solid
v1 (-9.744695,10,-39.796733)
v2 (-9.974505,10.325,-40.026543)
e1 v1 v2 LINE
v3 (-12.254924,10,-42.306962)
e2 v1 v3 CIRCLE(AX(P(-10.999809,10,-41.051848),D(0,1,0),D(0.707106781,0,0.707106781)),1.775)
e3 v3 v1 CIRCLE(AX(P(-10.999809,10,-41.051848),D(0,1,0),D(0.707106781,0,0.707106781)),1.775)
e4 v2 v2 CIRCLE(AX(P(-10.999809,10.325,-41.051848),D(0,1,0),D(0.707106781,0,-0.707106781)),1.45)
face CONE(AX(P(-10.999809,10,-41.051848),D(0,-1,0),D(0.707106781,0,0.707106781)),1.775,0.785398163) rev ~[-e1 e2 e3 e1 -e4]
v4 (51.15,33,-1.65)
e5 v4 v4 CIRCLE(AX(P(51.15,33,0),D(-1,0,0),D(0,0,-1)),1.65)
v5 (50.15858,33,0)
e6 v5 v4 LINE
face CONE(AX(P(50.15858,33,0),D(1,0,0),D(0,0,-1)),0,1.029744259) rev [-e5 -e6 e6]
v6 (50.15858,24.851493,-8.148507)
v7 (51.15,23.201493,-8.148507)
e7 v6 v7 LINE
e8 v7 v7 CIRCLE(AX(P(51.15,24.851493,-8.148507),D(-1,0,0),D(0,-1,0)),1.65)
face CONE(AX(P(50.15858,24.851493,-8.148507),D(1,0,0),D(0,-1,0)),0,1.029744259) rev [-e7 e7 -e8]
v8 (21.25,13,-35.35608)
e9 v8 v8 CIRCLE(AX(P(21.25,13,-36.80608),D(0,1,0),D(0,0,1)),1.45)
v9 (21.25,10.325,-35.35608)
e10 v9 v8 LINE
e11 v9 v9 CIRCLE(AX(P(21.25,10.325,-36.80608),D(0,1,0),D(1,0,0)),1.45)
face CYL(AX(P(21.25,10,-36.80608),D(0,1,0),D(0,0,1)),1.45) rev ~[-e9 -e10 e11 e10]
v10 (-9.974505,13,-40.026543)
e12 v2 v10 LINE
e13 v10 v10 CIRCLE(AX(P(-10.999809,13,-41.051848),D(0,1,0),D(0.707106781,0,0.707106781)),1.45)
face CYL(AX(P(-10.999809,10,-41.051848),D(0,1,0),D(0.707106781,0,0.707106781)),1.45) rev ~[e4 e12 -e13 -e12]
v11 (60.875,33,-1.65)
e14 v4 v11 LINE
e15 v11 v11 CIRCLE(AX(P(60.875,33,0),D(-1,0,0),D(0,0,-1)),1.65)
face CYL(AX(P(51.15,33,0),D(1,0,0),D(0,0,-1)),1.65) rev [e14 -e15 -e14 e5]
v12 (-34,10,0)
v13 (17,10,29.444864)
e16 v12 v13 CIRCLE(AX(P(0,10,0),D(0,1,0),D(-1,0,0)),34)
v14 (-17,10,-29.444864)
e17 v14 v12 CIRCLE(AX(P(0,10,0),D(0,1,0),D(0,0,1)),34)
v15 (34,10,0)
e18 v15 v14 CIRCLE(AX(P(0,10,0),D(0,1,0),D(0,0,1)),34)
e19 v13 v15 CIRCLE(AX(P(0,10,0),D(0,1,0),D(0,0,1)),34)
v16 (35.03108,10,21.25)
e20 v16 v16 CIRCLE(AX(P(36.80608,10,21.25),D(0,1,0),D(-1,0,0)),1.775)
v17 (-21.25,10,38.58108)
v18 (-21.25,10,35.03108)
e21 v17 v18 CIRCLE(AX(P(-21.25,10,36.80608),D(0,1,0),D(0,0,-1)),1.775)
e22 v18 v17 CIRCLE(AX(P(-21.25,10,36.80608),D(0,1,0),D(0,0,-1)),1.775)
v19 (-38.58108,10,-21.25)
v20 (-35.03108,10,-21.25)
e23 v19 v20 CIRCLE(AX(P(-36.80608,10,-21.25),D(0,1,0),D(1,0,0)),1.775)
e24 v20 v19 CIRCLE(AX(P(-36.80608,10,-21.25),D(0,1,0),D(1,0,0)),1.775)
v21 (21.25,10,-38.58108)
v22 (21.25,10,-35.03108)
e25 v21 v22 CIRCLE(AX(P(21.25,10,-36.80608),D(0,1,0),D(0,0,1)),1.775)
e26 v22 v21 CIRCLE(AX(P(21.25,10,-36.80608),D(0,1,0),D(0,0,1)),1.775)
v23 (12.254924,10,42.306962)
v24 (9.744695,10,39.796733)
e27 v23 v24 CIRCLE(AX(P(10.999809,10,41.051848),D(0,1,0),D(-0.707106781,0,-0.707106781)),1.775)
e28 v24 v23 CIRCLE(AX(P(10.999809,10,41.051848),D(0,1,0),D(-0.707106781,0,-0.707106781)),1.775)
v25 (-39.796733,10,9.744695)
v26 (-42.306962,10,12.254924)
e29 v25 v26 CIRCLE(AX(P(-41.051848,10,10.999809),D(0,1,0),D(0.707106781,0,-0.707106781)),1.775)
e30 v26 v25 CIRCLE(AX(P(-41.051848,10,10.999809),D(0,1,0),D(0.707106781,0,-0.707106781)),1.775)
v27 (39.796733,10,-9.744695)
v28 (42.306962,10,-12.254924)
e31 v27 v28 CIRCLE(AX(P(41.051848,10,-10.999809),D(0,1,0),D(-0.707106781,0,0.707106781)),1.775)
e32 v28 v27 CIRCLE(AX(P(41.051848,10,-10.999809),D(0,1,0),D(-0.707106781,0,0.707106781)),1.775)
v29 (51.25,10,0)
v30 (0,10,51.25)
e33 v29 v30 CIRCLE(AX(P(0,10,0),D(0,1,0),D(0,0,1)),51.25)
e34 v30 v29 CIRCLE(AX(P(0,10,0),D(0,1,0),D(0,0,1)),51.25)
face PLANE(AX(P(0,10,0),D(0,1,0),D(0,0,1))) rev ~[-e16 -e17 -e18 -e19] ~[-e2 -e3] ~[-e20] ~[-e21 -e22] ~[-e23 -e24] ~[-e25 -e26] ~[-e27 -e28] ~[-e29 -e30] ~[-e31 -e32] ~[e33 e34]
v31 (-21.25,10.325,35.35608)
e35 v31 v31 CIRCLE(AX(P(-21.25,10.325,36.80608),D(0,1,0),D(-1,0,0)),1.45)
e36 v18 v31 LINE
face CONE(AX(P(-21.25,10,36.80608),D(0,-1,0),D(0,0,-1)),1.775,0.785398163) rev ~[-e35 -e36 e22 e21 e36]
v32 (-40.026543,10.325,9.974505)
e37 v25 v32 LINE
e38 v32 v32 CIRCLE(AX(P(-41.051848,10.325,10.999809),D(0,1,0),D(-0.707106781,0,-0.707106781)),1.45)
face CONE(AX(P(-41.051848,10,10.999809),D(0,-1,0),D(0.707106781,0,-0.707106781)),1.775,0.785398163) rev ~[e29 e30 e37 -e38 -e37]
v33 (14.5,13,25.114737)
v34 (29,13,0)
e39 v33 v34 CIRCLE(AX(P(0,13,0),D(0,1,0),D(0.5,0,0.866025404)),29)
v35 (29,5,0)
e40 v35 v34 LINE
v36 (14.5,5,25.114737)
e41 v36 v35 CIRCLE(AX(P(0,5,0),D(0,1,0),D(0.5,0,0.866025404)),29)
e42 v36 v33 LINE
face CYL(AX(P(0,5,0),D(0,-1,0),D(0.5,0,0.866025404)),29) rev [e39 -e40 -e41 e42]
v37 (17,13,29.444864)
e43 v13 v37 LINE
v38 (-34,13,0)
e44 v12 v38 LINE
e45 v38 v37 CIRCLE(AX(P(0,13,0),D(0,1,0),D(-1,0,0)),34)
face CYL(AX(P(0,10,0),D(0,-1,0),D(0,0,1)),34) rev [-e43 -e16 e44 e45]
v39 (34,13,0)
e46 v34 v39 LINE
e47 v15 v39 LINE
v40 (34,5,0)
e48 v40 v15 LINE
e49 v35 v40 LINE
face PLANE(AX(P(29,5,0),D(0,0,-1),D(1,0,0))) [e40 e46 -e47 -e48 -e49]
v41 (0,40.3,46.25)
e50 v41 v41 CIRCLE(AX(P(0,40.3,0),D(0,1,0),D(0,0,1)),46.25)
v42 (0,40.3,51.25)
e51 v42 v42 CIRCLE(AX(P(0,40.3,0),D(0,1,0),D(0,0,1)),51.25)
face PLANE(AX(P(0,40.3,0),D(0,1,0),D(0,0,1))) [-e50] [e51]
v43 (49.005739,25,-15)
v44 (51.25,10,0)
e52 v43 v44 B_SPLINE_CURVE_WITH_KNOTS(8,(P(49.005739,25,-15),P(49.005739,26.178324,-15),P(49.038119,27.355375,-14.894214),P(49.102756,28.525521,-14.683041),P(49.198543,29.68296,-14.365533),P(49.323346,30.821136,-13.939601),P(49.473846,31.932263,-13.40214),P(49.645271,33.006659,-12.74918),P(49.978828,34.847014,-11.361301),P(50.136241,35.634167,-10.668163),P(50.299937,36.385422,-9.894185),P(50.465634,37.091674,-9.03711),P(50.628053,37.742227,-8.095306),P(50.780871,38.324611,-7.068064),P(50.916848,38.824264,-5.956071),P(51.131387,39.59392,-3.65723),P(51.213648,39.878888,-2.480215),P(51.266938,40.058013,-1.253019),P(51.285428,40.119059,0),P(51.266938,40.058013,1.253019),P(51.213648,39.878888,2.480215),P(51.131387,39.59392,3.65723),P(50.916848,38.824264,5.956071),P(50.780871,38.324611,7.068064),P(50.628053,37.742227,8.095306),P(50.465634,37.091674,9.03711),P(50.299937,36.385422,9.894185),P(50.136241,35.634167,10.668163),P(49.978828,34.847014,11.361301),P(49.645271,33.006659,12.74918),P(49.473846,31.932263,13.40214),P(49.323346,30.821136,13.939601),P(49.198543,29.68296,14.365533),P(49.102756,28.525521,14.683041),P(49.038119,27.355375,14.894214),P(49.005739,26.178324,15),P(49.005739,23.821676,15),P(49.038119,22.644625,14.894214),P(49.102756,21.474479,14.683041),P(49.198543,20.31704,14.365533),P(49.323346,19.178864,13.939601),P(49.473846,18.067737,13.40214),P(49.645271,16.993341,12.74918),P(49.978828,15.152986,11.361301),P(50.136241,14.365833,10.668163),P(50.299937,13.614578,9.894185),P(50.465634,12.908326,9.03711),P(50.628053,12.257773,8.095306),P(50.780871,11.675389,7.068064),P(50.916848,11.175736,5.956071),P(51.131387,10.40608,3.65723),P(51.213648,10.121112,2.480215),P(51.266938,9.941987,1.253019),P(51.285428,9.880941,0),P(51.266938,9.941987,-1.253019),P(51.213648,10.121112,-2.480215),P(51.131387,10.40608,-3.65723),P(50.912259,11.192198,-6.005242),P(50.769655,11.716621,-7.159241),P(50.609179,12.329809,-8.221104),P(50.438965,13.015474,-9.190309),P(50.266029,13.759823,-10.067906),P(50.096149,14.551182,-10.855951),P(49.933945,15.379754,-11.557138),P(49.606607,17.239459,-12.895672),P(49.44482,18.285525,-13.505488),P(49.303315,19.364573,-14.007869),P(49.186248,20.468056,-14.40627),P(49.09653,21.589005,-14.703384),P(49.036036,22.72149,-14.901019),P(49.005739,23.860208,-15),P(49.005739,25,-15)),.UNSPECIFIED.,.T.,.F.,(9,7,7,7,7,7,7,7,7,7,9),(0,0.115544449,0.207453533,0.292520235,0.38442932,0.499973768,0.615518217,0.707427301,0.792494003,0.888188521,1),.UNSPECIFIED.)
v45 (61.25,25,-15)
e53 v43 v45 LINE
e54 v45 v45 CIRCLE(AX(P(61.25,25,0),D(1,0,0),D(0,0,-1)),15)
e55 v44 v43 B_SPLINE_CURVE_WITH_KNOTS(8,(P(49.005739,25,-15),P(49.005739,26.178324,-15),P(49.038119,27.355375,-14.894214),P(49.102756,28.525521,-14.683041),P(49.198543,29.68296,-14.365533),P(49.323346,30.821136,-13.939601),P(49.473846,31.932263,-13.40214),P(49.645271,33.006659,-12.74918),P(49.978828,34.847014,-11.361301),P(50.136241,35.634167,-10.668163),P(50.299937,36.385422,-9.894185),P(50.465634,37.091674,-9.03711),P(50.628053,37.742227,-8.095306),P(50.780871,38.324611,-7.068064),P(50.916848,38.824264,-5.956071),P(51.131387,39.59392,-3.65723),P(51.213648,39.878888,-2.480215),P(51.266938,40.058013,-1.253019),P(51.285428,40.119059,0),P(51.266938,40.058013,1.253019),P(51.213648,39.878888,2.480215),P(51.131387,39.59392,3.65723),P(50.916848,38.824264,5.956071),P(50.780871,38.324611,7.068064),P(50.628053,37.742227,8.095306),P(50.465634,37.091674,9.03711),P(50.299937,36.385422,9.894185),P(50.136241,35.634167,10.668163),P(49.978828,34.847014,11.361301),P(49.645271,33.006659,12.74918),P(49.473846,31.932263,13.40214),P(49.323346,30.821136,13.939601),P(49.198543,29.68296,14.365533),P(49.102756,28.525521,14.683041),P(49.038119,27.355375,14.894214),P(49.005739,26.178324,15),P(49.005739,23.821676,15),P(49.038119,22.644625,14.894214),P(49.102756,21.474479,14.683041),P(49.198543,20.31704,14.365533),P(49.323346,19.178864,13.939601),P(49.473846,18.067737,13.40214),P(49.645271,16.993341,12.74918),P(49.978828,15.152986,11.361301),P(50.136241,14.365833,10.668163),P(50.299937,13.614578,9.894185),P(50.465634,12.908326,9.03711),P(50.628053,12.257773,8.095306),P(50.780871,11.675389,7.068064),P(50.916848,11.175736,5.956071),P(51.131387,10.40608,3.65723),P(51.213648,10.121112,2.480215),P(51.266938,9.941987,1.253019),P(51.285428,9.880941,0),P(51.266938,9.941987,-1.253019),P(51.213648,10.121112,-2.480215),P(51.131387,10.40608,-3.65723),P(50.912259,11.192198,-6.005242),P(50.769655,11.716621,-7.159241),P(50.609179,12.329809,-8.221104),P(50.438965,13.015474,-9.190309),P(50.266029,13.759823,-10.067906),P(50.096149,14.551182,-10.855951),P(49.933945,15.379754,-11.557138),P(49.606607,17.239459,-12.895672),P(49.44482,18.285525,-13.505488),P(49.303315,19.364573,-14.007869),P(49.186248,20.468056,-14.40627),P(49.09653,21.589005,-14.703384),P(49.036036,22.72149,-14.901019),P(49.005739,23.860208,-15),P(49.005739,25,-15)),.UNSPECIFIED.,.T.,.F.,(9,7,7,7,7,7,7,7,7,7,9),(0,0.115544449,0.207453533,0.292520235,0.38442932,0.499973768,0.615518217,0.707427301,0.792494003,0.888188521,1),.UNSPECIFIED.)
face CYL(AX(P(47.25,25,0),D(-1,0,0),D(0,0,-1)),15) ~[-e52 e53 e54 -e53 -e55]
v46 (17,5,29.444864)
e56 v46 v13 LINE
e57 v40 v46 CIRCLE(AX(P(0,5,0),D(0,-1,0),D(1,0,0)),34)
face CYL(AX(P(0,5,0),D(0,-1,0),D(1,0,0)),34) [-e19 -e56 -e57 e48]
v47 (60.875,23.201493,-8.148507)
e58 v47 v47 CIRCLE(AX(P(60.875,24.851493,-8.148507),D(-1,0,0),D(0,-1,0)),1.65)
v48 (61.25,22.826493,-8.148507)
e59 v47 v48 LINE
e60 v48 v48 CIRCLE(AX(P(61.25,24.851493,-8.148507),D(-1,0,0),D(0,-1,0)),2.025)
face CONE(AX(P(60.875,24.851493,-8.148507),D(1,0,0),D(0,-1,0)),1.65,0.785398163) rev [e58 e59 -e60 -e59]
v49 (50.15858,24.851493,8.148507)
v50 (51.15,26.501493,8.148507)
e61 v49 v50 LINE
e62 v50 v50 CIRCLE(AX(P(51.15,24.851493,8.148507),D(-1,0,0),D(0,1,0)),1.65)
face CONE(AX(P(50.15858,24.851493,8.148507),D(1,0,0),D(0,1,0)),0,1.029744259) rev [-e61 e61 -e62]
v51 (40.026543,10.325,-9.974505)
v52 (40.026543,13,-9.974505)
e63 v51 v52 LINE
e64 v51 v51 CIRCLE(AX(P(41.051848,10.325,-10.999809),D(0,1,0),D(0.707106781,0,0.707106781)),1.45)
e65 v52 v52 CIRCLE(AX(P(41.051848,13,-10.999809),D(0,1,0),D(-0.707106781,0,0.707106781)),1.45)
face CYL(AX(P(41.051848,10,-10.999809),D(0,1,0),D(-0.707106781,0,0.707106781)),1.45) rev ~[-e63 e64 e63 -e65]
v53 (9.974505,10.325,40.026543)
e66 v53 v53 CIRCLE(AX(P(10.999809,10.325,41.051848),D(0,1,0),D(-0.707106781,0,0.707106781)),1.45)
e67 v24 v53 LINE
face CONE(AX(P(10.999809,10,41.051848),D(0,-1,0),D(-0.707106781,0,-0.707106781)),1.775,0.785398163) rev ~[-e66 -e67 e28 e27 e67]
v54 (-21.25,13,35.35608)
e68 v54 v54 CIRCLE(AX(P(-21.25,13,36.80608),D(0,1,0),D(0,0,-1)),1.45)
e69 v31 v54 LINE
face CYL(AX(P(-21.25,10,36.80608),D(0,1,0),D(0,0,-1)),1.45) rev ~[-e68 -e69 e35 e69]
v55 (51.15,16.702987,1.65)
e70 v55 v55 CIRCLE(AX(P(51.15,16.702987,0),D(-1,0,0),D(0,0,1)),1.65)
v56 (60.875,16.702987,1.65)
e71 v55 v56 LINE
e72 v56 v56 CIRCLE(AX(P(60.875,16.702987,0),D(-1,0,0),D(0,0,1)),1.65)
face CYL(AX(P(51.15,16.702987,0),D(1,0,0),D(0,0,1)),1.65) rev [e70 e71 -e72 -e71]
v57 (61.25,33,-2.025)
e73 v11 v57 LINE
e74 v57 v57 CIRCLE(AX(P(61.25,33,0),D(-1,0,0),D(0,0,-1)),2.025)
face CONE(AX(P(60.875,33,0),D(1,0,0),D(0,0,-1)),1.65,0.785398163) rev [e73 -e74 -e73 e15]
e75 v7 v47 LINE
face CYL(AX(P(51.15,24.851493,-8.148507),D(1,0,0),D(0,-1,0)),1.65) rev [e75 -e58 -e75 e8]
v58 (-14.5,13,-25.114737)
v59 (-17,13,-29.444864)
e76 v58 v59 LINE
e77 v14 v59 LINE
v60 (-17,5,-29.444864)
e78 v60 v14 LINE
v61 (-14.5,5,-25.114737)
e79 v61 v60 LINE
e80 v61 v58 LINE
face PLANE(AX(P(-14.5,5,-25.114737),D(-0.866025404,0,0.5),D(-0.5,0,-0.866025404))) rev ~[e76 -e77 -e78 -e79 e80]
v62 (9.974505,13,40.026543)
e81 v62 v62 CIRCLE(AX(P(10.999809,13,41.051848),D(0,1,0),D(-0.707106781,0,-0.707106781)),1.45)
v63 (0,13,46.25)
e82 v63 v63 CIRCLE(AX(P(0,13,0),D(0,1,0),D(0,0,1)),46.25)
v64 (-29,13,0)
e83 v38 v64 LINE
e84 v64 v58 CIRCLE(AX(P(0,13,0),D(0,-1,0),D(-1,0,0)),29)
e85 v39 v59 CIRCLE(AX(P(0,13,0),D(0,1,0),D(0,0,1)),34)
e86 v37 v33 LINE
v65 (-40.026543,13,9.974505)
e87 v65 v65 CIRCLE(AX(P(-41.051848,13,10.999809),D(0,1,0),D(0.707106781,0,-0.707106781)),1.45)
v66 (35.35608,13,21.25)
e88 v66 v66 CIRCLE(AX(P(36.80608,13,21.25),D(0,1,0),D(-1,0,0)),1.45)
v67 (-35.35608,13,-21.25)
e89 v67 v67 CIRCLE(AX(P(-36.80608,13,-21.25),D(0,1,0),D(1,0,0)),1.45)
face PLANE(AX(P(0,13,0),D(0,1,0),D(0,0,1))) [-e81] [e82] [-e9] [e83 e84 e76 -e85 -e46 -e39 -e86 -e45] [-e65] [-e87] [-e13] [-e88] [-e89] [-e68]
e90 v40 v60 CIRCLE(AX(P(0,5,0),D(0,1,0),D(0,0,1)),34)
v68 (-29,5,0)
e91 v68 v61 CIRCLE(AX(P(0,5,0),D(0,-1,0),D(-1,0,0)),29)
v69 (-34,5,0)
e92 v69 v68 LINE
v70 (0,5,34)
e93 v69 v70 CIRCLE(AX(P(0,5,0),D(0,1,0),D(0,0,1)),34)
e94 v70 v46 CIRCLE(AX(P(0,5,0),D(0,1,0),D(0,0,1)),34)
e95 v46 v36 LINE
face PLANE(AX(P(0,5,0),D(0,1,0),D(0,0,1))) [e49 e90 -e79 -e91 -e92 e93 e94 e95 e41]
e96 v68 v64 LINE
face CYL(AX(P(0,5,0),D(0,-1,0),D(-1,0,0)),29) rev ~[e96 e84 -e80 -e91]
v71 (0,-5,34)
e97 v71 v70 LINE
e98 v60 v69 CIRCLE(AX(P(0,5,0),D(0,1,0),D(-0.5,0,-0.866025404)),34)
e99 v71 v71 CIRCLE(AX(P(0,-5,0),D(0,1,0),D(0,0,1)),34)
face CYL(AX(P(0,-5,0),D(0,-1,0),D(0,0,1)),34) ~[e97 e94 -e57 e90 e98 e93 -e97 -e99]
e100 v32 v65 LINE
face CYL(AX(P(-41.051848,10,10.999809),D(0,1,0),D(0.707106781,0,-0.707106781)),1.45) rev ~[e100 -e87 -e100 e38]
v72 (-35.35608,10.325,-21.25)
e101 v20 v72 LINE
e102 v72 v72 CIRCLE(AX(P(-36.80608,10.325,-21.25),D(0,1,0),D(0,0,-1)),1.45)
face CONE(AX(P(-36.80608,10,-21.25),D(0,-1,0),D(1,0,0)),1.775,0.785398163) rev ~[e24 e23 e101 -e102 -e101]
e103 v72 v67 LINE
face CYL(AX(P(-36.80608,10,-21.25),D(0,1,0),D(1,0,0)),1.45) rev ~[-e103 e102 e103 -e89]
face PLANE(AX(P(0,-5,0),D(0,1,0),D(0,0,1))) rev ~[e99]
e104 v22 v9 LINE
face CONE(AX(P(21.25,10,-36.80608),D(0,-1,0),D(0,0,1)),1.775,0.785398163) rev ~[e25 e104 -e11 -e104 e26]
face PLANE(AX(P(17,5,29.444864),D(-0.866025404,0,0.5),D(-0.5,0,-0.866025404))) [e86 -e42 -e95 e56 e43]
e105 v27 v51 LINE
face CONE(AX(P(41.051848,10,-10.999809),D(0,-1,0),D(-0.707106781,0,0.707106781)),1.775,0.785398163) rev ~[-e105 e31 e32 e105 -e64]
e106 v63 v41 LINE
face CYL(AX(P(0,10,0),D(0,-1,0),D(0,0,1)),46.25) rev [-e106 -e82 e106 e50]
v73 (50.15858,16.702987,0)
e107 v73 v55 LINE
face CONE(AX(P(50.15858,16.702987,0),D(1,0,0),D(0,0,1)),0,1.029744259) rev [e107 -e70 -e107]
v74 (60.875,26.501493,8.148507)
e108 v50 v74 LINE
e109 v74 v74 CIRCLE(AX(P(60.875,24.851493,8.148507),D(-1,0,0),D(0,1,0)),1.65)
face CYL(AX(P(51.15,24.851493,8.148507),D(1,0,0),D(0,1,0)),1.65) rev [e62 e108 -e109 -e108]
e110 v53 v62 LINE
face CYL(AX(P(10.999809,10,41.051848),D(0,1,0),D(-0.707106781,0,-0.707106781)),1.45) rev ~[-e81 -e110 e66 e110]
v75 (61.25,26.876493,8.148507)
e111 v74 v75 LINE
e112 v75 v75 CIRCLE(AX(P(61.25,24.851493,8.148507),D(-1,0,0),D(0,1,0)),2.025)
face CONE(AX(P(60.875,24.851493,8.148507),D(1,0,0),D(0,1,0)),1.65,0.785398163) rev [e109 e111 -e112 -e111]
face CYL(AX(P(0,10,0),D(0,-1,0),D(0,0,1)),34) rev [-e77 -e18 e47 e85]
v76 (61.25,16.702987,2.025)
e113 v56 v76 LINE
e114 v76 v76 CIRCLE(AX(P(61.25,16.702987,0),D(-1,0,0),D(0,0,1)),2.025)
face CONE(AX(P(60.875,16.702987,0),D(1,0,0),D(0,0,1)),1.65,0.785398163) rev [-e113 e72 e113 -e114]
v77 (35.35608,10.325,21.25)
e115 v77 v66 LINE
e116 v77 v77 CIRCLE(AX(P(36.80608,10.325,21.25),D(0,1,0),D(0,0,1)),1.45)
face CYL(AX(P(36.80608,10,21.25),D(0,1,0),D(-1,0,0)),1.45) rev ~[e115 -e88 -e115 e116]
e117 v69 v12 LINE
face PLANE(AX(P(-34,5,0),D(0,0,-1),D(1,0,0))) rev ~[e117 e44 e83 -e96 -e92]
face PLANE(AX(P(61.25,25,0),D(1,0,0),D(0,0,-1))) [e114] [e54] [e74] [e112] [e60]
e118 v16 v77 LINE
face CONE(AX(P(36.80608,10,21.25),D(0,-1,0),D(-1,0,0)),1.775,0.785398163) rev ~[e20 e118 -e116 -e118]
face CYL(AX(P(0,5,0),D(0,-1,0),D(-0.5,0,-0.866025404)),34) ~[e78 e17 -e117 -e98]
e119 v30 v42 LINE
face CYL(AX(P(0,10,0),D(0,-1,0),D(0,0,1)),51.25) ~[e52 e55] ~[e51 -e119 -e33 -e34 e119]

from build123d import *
from build123d.topology import SkipClean

# Parameters (mm, degrees)
EXTRUDE_2_DEPTH                = 5
EXTRUDE_2_DEPTH_BACK           = 5
SKETCH_1_R                     = 34
EXTRUDE_3_DEPTH                = 8
EXTRUDE_START                  = -3
SKETCH_3_R                     = 46.25
SKETCH_3_R_2                   = 34
EXTRUDE_4_DEPTH                = 3
EXTRUDE_5_DEPTH                = 27.3
EXTRUDE_5_DEPTH_BACK           = 3
SKETCH_4_R                     = 51.25
SKETCH_4_R_2                   = 46.25
HOLE_WIZARD_M3_5_1_D           = 2.9
HOLE_WIZARD_M3_5_1_CSINK_D     = 3.55
HOLE_WIZARD_M3_5_1_CSINK_ANGLE = 90
PATTERN_CIRCULAR_2_COUNT       = 8
EXTRUDE_6_DEPTH                = 10
EXTRUDE_6_DEPTH_BACK           = 4
SKETCH_11_R                    = 15
PATTERN_CIRCULAR_3_COUNT       = 4


with BuildPart() as part:
    # 草图1 → 凸台-拉伸2 (new, two sides: drawn at the far end of the back side and taken through both)
    with BuildSketch(Plane(origin=(0, 0, 0), x_dir=(1, 0, 0), z_dir=(0, 1, 0)).offset(-EXTRUDE_2_DEPTH_BACK)):
        with Locations(Location((0, 0, 0), (0, 0, 270))):
            Circle(SKETCH_1_R)
    extrude(amount=EXTRUDE_2_DEPTH + EXTRUDE_2_DEPTH_BACK)

    # 草图2 → 凸台-拉伸3 (add)
    with SkipClean():  # the faces are left unmerged after this step: merging them gives an invalid solid
        with BuildSketch(Plane(origin=(0, 5, 0), x_dir=(1, 0, 0), z_dir=(0, 1, 0))):
            with BuildLine():
                Line((-34, 0), (-29, 0))
                ThreePointArc((-29, 0), (-25.11473671, 14.5), (-14.5, 25.11473671))
                Line((-14.5, 25.11473671), (-17, 29.444863729))
                ThreePointArc((-17, 29.444863729), (-29.444863729, 17), (-34, 0))
            make_face()
            with BuildLine():
                Line((29, 0), (34, 0))
                ThreePointArc((34, 0), (29.444863729, -17), (17, -29.444863729))
                Line((17, -29.444863729), (14.5, -25.11473671))
                ThreePointArc((14.5, -25.11473671), (25.11473671, -14.5), (29, 0))
            make_face()
        extrude(amount=EXTRUDE_3_DEPTH)

    # 草图3 → 凸台-拉伸4 (add)
    with SkipClean():  # the faces are left unmerged after this step: merging them gives an invalid solid
        with BuildSketch(Plane(origin=(0, 13, 0), x_dir=(1, 0, 0), z_dir=(0, 1, 0)).offset(EXTRUDE_START)):
            with Locations(Location((0, 0, 0), (0, 0, 270))):
                Circle(SKETCH_3_R)
            with Locations(Location((0, 0, 0), (0, 0, 270))):
                Circle(SKETCH_3_R_2, mode=Mode.SUBTRACT)
        extrude(amount=EXTRUDE_4_DEPTH)

    # 草图4 → 凸台-拉伸5 (add, two sides: drawn at the far end of the back side and taken through both)
    with SkipClean():  # the faces are left unmerged after this step: merging them gives an invalid solid
        with BuildSketch(Plane(origin=(0, 13, 0), x_dir=(1, 0, 0), z_dir=(0, 1, 0)).offset(-EXTRUDE_5_DEPTH_BACK)):
            with Locations(Location((0, 0, 0), (0, 0, 270))):
                Circle(SKETCH_4_R)
            with Locations(Location((0, 0, 0), (0, 0, 270))):
                Circle(SKETCH_4_R_2, mode=Mode.SUBTRACT)
        extrude(amount=EXTRUDE_5_DEPTH + EXTRUDE_5_DEPTH_BACK)

    # M3.5 螺纹孔1 (through all)
    with Locations(Plane.XZ.offset(-10)):
        with Locations((36.806079661, 21.25)):
            hole_wizard_m3_5_1 = CounterSinkHole(HOLE_WIZARD_M3_5_1_D / 2, HOLE_WIZARD_M3_5_1_CSINK_D / 2, counter_sink_angle=HOLE_WIZARD_M3_5_1_CSINK_ANGLE)

    # 阵列(圆周)2: M3.5 螺纹孔1 ×8 about axis
    with SkipClean():  # the faces are left unmerged after this step: merging them gives an invalid solid
        pattern_circular_2_axis = Axis((0, 0, 0), (0, 1, 0))
        for i in range(1, PATTERN_CIRCULAR_2_COUNT):
            add(hole_wizard_m3_5_1.rotate(pattern_circular_2_axis, i * 360 / PATTERN_CIRCULAR_2_COUNT), mode=Mode.SUBTRACT)

    # 草图11 → 凸台-拉伸6 (add, two sides: drawn at the far end of the back side and taken through both)
    with SkipClean():  # the faces are left unmerged after this step: merging them gives an invalid solid
        with BuildSketch(Plane(origin=(51.25, 0, 0), x_dir=(0, 0, -1), z_dir=(1, 0, 0)).offset(-EXTRUDE_6_DEPTH_BACK)):
            with Locations((0, 25)):
                Circle(SKETCH_11_R)
        extrude(amount=EXTRUDE_6_DEPTH + EXTRUDE_6_DEPTH_BACK)

    # 草图14 → M4 螺纹孔1 (revolve, cut)
    with SkipClean():  # the faces are left unmerged after this step: merging them gives an invalid solid
        with BuildSketch(Plane(origin=(61.25, 33, 0), x_dir=(0, 0, -1), z_dir=(0, 1, 0))):
            Polygon((0, 0), (0, 11.091420021), (1.65, 10.1), (1.65, 0.375), (2.025, 0), align=None)
        hole_wizard_m4_1 = revolve(axis=Axis((67.6, 33, 0), (-1, 0, 0)), mode=Mode.SUBTRACT)

    # 阵列(圆周)3: M4 螺纹孔1 ×4 about axis
    with SkipClean():  # the faces are left unmerged after this step: merging them gives an invalid solid
        pattern_circular_3_axis = Axis((0, 24.851493468, 0), (1, 0, 0))
        for i in range(1, PATTERN_CIRCULAR_3_COUNT):
            add(hole_wizard_m4_1.rotate(pattern_circular_3_axis, i * 360 / PATTERN_CIRCULAR_3_COUNT), mode=Mode.SUBTRACT)


solid = part.part
